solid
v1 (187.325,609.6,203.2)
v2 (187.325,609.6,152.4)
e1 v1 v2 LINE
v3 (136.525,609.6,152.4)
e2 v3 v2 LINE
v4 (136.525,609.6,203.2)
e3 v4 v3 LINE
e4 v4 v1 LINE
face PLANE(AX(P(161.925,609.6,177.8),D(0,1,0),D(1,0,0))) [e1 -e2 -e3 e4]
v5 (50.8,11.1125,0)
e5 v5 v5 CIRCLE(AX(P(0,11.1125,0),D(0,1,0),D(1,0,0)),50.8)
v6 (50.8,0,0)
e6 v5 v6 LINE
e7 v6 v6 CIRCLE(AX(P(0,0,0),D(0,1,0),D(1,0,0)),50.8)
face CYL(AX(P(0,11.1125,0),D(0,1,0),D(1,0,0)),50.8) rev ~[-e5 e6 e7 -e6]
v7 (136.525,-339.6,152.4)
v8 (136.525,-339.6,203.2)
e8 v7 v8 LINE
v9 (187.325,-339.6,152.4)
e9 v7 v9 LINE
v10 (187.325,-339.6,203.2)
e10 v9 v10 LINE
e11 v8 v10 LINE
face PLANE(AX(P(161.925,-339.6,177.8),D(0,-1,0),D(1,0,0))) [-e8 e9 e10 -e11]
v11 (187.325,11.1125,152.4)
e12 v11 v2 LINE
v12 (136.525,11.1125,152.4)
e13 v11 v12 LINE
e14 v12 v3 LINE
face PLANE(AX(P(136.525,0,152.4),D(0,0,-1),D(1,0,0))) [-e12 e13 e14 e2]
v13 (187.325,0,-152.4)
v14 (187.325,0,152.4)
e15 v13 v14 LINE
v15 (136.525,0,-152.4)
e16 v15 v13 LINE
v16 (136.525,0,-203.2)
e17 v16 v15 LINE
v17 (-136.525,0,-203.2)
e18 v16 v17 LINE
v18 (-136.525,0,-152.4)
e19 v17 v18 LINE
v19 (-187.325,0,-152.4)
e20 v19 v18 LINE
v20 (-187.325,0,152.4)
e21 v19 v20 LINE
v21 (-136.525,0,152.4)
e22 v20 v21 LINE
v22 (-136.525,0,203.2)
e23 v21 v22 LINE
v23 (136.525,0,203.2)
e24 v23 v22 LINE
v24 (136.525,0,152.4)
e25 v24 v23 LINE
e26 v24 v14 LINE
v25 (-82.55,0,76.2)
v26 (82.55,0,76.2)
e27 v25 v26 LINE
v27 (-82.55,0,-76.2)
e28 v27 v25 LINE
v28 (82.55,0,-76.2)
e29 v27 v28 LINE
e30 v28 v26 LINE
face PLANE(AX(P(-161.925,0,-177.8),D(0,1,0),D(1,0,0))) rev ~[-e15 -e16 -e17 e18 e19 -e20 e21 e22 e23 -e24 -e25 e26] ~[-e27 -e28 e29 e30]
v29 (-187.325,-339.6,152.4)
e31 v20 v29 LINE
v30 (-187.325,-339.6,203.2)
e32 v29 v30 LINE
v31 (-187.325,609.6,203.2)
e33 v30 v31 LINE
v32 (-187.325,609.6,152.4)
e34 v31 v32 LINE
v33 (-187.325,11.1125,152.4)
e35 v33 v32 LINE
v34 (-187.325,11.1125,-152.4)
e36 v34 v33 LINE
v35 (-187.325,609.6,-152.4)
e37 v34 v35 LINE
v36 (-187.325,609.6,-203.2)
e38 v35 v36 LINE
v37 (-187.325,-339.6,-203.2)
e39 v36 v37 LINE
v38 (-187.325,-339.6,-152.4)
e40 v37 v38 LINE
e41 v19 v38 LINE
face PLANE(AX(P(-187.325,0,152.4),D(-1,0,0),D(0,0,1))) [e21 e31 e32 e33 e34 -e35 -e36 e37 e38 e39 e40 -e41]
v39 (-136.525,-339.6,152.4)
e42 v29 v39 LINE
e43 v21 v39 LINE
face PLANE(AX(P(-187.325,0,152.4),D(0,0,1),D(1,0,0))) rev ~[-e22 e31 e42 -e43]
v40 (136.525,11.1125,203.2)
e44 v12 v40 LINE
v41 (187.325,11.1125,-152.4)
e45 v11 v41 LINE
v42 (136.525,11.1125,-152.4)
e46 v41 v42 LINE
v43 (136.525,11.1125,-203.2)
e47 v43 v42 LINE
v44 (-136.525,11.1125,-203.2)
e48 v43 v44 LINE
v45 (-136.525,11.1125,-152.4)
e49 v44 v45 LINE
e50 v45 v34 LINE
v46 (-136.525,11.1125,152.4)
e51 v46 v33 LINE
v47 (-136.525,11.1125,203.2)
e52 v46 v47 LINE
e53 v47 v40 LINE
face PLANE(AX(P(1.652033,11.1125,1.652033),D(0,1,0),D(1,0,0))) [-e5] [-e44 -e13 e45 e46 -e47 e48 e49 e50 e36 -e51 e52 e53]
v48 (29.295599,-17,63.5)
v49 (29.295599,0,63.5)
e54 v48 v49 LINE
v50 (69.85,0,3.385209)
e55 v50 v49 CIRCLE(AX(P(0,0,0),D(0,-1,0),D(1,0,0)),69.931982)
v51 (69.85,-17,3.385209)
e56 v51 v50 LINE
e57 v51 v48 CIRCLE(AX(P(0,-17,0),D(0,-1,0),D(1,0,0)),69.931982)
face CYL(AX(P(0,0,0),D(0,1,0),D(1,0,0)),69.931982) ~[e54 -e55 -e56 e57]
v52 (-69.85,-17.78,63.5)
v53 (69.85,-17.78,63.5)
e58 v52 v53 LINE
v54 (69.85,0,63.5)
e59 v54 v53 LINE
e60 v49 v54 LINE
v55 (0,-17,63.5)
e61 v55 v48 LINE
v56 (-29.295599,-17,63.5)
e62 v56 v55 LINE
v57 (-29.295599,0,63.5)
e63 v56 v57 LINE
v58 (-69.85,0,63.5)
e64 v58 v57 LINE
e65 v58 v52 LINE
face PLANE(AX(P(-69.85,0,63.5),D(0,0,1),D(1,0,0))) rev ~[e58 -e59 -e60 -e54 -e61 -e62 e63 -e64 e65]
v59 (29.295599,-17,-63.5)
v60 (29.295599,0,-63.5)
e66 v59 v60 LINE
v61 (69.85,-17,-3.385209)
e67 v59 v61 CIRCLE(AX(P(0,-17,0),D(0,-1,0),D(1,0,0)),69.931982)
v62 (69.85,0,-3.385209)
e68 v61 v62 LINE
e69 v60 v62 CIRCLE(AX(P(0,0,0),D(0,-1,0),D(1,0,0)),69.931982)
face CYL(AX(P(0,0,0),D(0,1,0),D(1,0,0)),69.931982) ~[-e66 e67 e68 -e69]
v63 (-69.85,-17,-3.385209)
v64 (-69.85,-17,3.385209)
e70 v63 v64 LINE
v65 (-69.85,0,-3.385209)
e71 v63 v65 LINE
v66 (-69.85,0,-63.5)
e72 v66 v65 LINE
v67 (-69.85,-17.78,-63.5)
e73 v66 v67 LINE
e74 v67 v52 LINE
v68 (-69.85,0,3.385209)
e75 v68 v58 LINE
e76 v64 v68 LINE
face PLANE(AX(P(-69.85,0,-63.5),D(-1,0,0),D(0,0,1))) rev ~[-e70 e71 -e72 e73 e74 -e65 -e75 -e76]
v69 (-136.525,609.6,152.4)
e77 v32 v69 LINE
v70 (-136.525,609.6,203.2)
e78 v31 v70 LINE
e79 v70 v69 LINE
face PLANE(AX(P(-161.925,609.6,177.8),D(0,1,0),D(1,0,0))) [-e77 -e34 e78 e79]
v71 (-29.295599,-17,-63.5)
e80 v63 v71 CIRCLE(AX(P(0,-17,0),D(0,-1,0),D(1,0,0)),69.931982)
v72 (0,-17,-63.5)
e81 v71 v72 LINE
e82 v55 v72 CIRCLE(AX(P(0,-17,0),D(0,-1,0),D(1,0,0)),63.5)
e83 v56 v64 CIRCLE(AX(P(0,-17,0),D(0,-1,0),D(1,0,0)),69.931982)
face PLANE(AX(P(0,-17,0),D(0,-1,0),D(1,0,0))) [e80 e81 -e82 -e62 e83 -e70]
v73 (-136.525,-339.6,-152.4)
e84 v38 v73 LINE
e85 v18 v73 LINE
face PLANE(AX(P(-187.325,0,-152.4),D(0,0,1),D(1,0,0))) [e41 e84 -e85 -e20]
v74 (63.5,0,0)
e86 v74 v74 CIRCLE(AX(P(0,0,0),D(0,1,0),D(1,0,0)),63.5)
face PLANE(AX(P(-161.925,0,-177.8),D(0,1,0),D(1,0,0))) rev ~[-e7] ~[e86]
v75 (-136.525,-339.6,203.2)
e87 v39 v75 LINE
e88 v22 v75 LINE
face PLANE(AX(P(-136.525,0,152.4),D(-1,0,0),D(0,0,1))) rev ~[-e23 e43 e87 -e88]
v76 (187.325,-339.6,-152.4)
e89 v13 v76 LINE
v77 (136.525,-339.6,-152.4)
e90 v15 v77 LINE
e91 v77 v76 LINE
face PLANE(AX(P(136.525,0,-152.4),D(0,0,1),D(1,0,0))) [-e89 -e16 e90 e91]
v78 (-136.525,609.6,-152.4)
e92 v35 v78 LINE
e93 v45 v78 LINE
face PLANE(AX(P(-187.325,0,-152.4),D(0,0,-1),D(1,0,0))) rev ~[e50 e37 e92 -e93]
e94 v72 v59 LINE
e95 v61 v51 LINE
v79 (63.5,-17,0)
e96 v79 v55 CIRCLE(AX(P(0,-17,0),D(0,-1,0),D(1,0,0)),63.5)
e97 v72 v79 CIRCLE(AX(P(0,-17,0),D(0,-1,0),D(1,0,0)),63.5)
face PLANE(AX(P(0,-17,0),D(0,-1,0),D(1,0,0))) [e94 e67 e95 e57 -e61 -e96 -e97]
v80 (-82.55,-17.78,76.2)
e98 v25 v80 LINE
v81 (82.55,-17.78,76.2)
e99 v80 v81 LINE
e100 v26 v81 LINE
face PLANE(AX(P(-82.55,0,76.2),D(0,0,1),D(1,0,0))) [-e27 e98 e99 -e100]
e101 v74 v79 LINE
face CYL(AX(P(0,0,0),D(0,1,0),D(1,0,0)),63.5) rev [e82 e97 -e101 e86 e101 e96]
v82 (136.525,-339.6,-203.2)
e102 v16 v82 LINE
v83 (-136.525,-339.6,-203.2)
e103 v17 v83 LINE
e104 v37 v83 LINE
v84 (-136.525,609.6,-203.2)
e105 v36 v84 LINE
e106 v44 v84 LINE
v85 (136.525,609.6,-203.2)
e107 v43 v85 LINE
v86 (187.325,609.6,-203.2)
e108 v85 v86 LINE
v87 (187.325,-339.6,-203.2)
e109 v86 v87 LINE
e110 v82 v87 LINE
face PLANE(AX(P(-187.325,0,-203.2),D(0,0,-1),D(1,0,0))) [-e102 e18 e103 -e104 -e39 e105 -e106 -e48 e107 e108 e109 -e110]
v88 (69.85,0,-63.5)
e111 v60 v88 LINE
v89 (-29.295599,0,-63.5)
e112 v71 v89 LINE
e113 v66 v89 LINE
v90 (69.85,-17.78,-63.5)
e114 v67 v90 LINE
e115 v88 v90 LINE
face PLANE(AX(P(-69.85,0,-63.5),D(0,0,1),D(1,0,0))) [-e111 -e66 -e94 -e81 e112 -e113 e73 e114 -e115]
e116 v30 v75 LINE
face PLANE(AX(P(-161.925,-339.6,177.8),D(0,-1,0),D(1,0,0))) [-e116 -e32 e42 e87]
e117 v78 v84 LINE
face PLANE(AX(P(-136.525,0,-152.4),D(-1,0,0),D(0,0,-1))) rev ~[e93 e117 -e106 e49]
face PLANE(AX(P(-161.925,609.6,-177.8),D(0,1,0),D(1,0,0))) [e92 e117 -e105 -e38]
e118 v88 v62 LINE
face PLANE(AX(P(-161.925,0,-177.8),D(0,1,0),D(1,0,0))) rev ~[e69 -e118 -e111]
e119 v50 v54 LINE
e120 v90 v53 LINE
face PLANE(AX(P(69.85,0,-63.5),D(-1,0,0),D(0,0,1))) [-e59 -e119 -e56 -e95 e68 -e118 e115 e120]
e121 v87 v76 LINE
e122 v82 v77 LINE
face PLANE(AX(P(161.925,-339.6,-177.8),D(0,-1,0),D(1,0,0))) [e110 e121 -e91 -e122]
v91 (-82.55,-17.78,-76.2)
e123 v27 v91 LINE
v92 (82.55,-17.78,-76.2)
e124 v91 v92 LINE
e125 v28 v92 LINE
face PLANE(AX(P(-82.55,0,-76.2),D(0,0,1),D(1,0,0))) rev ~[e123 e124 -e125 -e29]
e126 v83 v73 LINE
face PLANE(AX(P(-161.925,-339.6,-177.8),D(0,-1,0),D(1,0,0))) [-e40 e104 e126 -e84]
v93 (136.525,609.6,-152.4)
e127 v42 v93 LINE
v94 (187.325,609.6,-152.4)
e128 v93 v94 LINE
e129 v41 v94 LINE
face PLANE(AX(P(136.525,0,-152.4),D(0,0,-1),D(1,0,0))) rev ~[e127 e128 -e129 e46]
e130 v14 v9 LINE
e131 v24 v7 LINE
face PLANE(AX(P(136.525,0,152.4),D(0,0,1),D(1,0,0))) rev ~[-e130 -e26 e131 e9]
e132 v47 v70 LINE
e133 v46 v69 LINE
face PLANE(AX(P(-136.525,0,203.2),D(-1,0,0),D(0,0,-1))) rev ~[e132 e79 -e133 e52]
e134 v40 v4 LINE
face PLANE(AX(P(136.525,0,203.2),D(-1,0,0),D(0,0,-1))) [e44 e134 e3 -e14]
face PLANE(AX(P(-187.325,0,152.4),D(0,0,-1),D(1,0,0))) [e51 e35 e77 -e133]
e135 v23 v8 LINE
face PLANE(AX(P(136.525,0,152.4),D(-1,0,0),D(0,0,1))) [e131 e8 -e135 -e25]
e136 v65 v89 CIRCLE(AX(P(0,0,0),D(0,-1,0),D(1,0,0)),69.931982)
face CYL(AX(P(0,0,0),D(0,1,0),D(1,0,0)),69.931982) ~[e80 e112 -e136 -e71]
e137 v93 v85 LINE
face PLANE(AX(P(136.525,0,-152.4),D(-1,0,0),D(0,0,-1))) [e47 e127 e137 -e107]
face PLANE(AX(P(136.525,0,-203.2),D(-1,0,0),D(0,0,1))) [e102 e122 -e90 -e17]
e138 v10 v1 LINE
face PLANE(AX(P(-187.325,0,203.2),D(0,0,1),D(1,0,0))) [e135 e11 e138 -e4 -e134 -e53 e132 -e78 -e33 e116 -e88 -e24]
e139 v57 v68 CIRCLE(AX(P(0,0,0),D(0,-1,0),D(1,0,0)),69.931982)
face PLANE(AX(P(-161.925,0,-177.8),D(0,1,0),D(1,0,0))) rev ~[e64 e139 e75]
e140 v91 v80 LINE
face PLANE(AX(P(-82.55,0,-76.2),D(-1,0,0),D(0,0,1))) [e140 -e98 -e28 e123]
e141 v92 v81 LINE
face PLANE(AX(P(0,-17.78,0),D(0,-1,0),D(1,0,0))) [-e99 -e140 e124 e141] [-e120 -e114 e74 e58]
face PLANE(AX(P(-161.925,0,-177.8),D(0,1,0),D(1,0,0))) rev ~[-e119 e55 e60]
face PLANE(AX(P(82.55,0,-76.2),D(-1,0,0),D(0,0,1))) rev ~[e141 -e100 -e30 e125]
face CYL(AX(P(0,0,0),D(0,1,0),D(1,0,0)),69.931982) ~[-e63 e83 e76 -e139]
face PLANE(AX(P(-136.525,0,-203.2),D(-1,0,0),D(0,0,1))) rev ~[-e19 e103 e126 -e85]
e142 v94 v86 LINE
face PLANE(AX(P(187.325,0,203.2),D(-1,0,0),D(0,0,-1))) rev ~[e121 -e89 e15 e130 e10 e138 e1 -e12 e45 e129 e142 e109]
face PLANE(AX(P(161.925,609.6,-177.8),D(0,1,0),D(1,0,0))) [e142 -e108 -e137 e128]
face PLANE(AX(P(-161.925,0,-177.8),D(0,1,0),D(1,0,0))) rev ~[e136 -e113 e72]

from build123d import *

# Parameters (mm, degrees)
BOSS_EXTRUDE2_DEPTH  = 11.1125
SKETCH1_11_W         = 50.8
SKETCH1_11_H         = 50.8
BOSS_EXTRUDE3_DEPTH  = 609.6
SKETCH1_12_W         = 50.8
SKETCH1_12_H         = 50.8
BOSS_EXTRUDE4_DEPTH  = 609.6
SKETCH1_13_W         = 50.8
SKETCH1_13_H         = 50.8
BOSS_EXTRUDE5_DEPTH  = 609.6
SKETCH1_14_W         = 50.8
SKETCH1_14_H         = 50.8
BOSS_EXTRUDE6_DEPTH  = 609.6
SKETCH4_R            = 50.8
CUT_EXTRUDE2_DEPTH   = 12.1125
SKETCH5_W            = 165.1
SKETCH5_H            = 152.4
SKETCH5_W_2          = 139.7
SKETCH5_H_2          = 127
BOSS_EXTRUDE8_DEPTH  = 17.78
SKETCH13_W           = 50.8
SKETCH13_H           = 50.8
BOSS_EXTRUDE13_DEPTH = 339.6
SKETCH15_R           = 69.931982246
SKETCH15_R_2         = 63.5
BOSS_EXTRUDE14_DEPTH = 17


with BuildPart() as part:
    # Sketch1 → Boss-Extrude2 (new body)
    with BuildSketch(Plane(origin=(0, 0, 0), x_dir=(1, 0, 0), z_dir=(0, 1, 0))):
        Polygon((-136.525, 152.4), (-187.325, 152.4), (-187.325, -203.2), (187.325, -203.2), (187.325, 203.2), (-136.525, 203.2), align=None)
    extrude(amount=BOSS_EXTRUDE2_DEPTH)

    # Sketch1<11> → Boss-Extrude3 (add)
    with BuildSketch(Plane(origin=(0, 0, 0), x_dir=(1, 0, 0), z_dir=(0, 1, 0))):
        with Locations((-161.925, 177.8)):
            Rectangle(SKETCH1_11_W, SKETCH1_11_H)
    extrude(amount=BOSS_EXTRUDE3_DEPTH)

    # Sketch1<12> → Boss-Extrude4 (add)
    with BuildSketch(Plane(origin=(0, 0, 0), x_dir=(1, 0, 0), z_dir=(0, 1, 0))):
        with Locations((-161.925, -177.8)):
            Rectangle(SKETCH1_12_W, SKETCH1_12_H)
    extrude(amount=BOSS_EXTRUDE4_DEPTH)

    # Sketch1<13> → Boss-Extrude5 (add)
    with BuildSketch(Plane(origin=(0, 0, 0), x_dir=(1, 0, 0), z_dir=(0, 1, 0))):
        with Locations((161.925, 177.8)):
            Rectangle(SKETCH1_13_W, SKETCH1_13_H)
    extrude(amount=BOSS_EXTRUDE5_DEPTH)

    # Sketch1<14> → Boss-Extrude6 (add)
    with BuildSketch(Plane(origin=(0, 0, 0), x_dir=(1, 0, 0), z_dir=(0, 1, 0))):
        with Locations((161.925, -177.8)):
            Rectangle(SKETCH1_14_W, SKETCH1_14_H)
    extrude(amount=BOSS_EXTRUDE6_DEPTH)

    # Sketch4 → Cut-Extrude2 (cut, through all)
    with BuildSketch(Plane(origin=(0, 11.1125, 0), x_dir=(1, 0, 0), z_dir=(0, 1, 0))):
        Circle(SKETCH4_R)
    extrude(amount=-CUT_EXTRUDE2_DEPTH, mode=Mode.SUBTRACT)

    # Sketch5 → Boss-Extrude8 (add)
    with BuildSketch(Plane.XZ):
        Rectangle(SKETCH5_W, SKETCH5_H)
        Rectangle(SKETCH5_W_2, SKETCH5_H_2, mode=Mode.SUBTRACT)
    extrude(amount=BOSS_EXTRUDE8_DEPTH)

    # Sketch13 → Boss-Extrude13 (add)
    with BuildSketch(Plane.XZ):
        with Locations((-161.925, 177.8)):
            Rectangle(SKETCH13_W, SKETCH13_H)
        with Locations((161.925, 177.8)):
            Rectangle(SKETCH13_W, SKETCH13_H)
        with Locations((161.925, -177.8)):
            Rectangle(SKETCH13_W, SKETCH13_H)
        with Locations((-161.925, -177.8)):
            Rectangle(SKETCH13_W, SKETCH13_H)
    extrude(amount=BOSS_EXTRUDE13_DEPTH)

    # Sketch15 → Boss-Extrude14 (add)
    with BuildSketch(Plane.XZ):
        Circle(SKETCH15_R)
        Circle(SKETCH15_R_2, mode=Mode.SUBTRACT)
    extrude(amount=BOSS_EXTRUDE14_DEPTH)


solid = part.part
